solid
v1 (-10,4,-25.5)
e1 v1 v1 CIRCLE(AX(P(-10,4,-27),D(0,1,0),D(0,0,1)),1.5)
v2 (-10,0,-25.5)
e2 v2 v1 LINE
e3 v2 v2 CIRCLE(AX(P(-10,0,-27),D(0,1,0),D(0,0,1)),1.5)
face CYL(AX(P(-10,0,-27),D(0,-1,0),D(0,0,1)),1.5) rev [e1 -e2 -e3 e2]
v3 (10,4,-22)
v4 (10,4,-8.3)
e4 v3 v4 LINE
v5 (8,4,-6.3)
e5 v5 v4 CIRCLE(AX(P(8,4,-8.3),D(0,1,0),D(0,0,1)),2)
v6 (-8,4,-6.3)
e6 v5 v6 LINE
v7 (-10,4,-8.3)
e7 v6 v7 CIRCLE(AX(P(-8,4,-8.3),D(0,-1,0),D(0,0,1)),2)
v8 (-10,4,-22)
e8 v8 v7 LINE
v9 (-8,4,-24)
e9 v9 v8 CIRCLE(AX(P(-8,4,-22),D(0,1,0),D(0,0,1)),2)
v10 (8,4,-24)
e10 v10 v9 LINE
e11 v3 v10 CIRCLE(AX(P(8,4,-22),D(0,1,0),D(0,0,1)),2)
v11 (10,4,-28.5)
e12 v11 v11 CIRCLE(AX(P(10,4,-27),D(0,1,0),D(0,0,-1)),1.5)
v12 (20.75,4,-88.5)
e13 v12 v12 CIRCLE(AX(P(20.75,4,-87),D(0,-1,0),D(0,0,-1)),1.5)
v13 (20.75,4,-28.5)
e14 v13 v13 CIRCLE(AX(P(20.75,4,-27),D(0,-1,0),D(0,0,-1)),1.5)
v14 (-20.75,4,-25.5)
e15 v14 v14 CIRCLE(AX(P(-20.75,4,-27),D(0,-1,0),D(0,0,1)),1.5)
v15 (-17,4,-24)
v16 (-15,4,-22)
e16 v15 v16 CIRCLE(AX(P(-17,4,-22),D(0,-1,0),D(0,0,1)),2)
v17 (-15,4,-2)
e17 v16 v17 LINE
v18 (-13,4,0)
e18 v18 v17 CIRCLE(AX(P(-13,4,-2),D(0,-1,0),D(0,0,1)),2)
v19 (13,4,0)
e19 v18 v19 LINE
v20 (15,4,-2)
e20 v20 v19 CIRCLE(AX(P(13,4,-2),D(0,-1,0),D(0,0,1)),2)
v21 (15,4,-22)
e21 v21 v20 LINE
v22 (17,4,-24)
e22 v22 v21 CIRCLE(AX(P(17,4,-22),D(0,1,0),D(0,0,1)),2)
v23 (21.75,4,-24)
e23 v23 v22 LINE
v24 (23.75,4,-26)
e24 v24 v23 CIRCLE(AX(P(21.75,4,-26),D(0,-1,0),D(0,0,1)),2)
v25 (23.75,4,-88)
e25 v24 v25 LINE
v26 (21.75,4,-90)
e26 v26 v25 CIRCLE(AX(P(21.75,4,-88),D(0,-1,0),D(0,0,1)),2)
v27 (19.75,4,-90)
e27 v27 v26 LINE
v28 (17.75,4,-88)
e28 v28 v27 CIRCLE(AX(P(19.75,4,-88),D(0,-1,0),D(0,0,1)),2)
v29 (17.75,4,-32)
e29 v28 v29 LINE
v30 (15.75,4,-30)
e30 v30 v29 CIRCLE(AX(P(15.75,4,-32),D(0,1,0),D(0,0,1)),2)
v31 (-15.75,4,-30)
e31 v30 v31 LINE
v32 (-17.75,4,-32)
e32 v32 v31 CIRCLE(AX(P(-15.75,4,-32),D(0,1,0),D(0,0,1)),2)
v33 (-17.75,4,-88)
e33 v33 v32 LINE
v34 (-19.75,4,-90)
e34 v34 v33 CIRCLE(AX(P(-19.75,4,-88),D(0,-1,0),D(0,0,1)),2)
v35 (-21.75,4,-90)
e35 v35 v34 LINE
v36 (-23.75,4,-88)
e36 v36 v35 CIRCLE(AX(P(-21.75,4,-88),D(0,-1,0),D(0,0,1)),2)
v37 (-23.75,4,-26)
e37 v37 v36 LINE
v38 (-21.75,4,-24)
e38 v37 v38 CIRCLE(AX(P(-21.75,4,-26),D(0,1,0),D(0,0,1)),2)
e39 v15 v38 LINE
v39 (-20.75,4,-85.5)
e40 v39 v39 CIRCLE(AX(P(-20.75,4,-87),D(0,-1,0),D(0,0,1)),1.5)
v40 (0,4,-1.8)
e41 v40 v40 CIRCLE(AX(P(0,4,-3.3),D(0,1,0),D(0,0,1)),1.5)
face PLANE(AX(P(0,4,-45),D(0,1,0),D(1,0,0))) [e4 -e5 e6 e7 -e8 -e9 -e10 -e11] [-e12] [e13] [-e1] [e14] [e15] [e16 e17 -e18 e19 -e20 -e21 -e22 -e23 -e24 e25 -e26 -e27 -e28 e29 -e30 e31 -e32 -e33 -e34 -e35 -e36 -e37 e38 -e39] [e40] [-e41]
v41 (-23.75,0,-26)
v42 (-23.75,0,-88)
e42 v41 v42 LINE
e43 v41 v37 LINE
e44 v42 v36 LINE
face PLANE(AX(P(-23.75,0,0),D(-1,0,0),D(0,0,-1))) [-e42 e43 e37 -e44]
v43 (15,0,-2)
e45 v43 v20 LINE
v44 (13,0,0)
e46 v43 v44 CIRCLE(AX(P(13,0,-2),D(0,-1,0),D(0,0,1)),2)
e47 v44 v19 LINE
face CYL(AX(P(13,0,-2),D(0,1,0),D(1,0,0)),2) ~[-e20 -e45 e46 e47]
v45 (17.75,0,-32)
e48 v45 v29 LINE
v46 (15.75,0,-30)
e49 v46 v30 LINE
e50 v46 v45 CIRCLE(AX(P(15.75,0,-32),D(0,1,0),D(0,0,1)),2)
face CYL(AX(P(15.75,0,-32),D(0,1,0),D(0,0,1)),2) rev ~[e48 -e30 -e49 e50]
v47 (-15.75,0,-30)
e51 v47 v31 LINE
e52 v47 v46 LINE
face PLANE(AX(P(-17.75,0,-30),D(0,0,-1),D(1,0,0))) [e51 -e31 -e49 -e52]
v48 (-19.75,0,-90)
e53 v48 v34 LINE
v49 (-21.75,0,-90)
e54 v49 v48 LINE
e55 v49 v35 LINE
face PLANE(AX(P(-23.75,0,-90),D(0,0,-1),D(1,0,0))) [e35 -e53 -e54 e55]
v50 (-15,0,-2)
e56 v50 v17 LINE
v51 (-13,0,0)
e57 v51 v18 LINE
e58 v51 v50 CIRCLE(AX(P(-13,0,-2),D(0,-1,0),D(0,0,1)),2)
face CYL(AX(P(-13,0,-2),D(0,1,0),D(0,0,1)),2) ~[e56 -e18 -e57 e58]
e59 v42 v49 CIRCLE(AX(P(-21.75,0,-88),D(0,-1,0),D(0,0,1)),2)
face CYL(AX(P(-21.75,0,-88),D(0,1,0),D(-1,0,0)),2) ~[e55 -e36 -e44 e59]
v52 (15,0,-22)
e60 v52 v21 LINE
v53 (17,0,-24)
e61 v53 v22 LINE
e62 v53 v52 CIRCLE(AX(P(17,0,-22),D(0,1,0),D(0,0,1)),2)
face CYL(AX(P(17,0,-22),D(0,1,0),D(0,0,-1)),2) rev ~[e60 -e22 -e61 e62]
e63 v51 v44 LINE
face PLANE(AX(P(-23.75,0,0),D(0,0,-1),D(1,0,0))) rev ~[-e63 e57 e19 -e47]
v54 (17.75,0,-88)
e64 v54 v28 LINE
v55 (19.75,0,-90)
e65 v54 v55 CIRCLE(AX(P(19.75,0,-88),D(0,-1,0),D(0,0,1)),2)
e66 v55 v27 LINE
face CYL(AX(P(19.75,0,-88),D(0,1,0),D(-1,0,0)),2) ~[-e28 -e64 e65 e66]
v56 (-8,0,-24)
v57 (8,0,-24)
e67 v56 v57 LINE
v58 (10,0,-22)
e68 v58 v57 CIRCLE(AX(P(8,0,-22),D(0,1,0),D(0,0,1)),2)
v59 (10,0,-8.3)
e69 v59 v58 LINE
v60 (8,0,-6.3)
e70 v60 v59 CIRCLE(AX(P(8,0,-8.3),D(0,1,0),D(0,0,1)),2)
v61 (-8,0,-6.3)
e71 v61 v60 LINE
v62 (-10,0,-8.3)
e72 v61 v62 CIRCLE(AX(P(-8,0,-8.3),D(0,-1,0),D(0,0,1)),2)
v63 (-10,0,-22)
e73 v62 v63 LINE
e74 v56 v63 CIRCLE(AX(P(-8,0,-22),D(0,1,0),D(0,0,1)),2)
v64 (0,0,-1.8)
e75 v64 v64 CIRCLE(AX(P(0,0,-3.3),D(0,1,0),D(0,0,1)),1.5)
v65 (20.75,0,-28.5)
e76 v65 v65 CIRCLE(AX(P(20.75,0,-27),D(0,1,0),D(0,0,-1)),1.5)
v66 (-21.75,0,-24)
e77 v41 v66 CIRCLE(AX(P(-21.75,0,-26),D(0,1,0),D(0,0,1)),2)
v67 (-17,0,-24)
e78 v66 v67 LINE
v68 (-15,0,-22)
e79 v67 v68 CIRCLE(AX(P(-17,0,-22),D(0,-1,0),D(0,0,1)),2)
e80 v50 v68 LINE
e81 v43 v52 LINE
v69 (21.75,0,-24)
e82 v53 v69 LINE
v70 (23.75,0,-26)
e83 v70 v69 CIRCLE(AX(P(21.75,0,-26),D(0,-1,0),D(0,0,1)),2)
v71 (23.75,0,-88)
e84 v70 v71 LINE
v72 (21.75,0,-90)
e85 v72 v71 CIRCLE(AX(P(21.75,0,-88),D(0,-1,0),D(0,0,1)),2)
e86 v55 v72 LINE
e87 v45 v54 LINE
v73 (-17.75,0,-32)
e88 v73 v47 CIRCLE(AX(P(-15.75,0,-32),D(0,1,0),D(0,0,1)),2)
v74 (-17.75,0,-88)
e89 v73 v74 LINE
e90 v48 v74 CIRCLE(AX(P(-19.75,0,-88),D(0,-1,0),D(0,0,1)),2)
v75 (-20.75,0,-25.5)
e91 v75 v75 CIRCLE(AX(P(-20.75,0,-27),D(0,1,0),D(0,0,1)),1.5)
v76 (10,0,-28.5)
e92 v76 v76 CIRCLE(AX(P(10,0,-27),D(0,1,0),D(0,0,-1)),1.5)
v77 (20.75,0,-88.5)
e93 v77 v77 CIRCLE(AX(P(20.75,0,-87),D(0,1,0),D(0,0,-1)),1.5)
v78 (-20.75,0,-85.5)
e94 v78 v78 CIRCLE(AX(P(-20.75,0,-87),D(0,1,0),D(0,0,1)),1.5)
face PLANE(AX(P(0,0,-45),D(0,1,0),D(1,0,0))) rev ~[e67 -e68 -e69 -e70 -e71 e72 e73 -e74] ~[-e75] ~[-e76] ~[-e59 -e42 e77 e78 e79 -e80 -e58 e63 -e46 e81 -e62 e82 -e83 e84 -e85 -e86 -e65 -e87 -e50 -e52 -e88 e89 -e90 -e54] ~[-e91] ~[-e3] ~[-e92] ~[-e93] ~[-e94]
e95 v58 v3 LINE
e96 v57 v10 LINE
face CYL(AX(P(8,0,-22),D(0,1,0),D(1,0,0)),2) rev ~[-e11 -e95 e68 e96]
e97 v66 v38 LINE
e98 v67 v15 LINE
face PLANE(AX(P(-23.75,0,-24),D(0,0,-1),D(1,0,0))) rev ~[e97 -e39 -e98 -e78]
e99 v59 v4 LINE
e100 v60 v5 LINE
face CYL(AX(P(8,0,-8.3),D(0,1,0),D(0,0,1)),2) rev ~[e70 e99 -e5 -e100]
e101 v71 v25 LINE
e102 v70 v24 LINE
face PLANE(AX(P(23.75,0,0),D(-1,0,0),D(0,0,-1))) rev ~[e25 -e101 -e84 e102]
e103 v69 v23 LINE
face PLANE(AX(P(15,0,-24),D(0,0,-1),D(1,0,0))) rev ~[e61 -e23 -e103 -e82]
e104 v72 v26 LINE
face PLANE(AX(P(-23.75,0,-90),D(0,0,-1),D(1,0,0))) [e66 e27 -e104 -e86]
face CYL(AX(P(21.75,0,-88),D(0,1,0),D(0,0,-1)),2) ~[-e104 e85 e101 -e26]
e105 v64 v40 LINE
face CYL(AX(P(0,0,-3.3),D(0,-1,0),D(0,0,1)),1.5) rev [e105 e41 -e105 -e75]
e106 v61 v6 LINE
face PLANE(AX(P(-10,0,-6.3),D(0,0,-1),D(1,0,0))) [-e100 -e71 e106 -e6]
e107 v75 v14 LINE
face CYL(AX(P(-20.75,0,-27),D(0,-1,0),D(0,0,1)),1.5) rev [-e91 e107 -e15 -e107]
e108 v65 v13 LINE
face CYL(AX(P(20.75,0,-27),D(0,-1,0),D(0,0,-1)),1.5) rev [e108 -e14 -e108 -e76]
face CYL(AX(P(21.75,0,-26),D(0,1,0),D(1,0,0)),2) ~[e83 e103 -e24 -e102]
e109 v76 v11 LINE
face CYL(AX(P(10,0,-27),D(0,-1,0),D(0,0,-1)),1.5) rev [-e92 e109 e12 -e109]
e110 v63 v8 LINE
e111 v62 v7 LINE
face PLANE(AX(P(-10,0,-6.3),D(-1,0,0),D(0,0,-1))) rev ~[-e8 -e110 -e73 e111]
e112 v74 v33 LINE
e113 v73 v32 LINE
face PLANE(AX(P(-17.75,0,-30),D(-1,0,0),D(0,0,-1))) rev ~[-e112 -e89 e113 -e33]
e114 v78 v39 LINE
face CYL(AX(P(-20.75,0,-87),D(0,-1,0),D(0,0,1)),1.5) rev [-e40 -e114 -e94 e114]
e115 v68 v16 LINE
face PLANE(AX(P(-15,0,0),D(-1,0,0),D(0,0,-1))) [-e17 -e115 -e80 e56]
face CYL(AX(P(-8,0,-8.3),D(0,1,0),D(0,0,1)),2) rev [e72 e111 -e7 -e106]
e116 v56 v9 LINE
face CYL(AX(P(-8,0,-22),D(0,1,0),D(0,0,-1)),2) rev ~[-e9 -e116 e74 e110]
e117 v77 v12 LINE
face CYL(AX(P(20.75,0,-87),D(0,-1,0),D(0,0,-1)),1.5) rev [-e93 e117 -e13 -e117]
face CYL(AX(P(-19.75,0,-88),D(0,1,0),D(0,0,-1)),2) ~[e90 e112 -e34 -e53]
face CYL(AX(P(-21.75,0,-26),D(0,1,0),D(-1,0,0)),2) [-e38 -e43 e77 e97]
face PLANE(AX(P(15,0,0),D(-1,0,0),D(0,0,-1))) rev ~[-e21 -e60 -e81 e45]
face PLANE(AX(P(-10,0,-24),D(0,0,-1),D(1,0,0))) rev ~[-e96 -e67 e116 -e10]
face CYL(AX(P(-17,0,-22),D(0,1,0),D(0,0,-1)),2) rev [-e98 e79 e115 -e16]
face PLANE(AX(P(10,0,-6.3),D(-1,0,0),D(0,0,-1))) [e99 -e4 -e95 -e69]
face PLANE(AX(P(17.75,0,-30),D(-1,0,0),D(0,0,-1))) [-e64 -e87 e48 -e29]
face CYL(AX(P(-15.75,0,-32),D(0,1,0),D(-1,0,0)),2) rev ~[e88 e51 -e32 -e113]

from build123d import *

# Parameters (mm, degrees)
SKETCH_1_W          = 47.5
SKETCH_1_H          = 90
SKETCH_1_R          = 1.5
EXTRUDE_1_DEPTH     = 4
SKETCH_2_R          = 1.5
SKETCH_2_W          = 35.5
SKETCH_2_H          = 60
SKETCH_2_W_2        = 8.75
SKETCH_2_H_2        = 24
SKETCH_2_W_3        = 20
SKETCH_2_H_3        = 17.7
CUT_EXTRUDE_2_DEPTH = 94.166853011
FILLET_1_R          = 2


with BuildPart() as part:
    # 草图1 → 凸台-拉伸1 (new body)
    with BuildSketch(Plane(origin=(0, 0, 0), x_dir=(1, 0, 0), z_dir=(0, 1, 0))):
        with Locations((0, 45)):
            Rectangle(SKETCH_1_W, SKETCH_1_H)
        with Locations(Location((-10, 27, 0), (0, 0, 270))):
            Circle(SKETCH_1_R, mode=Mode.SUBTRACT)
        with Locations(Location((0, 3.3, 0), (0, 0, 270))):
            Circle(SKETCH_1_R, mode=Mode.SUBTRACT)
        with Locations(Location((10, 27, 0), (0, 0, 90))):
            Circle(SKETCH_1_R, mode=Mode.SUBTRACT)
    extrude(amount=EXTRUDE_1_DEPTH)

    # 草图2 → 切除-拉伸2 (cut, through all)
    with BuildSketch(Plane(origin=(0, 0, 0), x_dir=(1, 0, 0), z_dir=(0, 1, 0))):
        with Locations(Location((-20.75, 87, 0), (0, 0, 270))):
            Circle(SKETCH_2_R)
        with Locations(Location((20.75, 87, 0), (0, 0, 90))):
            Circle(SKETCH_2_R)
        with Locations(Location((-20.75, 27, 0), (0, 0, 270))):
            Circle(SKETCH_2_R)
        with Locations(Location((20.75, 27, 0), (0, 0, 90))):
            Circle(SKETCH_2_R)
        with Locations((0, 60)):
            Rectangle(SKETCH_2_W, SKETCH_2_H)
        with Locations((-19.375, 12)):
            Rectangle(SKETCH_2_W_2, SKETCH_2_H_2)
        with Locations((19.375, 12)):
            Rectangle(SKETCH_2_W_2, SKETCH_2_H_2)
        with Locations((0, 15.15)):
            Rectangle(SKETCH_2_W_3, SKETCH_2_H_3)
    extrude(amount=CUT_EXTRUDE_2_DEPTH, mode=Mode.SUBTRACT)

    # 圆角1
    fillet_1_edges = [part.edges().sort_by_distance(p)[0] for p in [
        (-23.75, 2, -24),
        (-15, 2, 0),
        (-15, 2, -24),
        (-10, 2, -24),
        (-10, 2, -6.3),
        (10, 2, -6.3),
        (10, 2, -24),
        (23.75, 2, -24),
        (15, 2, -24),
        (15, 2, 0),
        (-17.75, 2, -90),
        (-17.75, 2, -30),
        (17.75, 2, -30),
        (17.75, 2, -90),
        (-23.75, 2, -90),
        (23.75, 2, -90),
    ]]
    fillet(fillet_1_edges, radius=FILLET_1_R)


solid = part.part
